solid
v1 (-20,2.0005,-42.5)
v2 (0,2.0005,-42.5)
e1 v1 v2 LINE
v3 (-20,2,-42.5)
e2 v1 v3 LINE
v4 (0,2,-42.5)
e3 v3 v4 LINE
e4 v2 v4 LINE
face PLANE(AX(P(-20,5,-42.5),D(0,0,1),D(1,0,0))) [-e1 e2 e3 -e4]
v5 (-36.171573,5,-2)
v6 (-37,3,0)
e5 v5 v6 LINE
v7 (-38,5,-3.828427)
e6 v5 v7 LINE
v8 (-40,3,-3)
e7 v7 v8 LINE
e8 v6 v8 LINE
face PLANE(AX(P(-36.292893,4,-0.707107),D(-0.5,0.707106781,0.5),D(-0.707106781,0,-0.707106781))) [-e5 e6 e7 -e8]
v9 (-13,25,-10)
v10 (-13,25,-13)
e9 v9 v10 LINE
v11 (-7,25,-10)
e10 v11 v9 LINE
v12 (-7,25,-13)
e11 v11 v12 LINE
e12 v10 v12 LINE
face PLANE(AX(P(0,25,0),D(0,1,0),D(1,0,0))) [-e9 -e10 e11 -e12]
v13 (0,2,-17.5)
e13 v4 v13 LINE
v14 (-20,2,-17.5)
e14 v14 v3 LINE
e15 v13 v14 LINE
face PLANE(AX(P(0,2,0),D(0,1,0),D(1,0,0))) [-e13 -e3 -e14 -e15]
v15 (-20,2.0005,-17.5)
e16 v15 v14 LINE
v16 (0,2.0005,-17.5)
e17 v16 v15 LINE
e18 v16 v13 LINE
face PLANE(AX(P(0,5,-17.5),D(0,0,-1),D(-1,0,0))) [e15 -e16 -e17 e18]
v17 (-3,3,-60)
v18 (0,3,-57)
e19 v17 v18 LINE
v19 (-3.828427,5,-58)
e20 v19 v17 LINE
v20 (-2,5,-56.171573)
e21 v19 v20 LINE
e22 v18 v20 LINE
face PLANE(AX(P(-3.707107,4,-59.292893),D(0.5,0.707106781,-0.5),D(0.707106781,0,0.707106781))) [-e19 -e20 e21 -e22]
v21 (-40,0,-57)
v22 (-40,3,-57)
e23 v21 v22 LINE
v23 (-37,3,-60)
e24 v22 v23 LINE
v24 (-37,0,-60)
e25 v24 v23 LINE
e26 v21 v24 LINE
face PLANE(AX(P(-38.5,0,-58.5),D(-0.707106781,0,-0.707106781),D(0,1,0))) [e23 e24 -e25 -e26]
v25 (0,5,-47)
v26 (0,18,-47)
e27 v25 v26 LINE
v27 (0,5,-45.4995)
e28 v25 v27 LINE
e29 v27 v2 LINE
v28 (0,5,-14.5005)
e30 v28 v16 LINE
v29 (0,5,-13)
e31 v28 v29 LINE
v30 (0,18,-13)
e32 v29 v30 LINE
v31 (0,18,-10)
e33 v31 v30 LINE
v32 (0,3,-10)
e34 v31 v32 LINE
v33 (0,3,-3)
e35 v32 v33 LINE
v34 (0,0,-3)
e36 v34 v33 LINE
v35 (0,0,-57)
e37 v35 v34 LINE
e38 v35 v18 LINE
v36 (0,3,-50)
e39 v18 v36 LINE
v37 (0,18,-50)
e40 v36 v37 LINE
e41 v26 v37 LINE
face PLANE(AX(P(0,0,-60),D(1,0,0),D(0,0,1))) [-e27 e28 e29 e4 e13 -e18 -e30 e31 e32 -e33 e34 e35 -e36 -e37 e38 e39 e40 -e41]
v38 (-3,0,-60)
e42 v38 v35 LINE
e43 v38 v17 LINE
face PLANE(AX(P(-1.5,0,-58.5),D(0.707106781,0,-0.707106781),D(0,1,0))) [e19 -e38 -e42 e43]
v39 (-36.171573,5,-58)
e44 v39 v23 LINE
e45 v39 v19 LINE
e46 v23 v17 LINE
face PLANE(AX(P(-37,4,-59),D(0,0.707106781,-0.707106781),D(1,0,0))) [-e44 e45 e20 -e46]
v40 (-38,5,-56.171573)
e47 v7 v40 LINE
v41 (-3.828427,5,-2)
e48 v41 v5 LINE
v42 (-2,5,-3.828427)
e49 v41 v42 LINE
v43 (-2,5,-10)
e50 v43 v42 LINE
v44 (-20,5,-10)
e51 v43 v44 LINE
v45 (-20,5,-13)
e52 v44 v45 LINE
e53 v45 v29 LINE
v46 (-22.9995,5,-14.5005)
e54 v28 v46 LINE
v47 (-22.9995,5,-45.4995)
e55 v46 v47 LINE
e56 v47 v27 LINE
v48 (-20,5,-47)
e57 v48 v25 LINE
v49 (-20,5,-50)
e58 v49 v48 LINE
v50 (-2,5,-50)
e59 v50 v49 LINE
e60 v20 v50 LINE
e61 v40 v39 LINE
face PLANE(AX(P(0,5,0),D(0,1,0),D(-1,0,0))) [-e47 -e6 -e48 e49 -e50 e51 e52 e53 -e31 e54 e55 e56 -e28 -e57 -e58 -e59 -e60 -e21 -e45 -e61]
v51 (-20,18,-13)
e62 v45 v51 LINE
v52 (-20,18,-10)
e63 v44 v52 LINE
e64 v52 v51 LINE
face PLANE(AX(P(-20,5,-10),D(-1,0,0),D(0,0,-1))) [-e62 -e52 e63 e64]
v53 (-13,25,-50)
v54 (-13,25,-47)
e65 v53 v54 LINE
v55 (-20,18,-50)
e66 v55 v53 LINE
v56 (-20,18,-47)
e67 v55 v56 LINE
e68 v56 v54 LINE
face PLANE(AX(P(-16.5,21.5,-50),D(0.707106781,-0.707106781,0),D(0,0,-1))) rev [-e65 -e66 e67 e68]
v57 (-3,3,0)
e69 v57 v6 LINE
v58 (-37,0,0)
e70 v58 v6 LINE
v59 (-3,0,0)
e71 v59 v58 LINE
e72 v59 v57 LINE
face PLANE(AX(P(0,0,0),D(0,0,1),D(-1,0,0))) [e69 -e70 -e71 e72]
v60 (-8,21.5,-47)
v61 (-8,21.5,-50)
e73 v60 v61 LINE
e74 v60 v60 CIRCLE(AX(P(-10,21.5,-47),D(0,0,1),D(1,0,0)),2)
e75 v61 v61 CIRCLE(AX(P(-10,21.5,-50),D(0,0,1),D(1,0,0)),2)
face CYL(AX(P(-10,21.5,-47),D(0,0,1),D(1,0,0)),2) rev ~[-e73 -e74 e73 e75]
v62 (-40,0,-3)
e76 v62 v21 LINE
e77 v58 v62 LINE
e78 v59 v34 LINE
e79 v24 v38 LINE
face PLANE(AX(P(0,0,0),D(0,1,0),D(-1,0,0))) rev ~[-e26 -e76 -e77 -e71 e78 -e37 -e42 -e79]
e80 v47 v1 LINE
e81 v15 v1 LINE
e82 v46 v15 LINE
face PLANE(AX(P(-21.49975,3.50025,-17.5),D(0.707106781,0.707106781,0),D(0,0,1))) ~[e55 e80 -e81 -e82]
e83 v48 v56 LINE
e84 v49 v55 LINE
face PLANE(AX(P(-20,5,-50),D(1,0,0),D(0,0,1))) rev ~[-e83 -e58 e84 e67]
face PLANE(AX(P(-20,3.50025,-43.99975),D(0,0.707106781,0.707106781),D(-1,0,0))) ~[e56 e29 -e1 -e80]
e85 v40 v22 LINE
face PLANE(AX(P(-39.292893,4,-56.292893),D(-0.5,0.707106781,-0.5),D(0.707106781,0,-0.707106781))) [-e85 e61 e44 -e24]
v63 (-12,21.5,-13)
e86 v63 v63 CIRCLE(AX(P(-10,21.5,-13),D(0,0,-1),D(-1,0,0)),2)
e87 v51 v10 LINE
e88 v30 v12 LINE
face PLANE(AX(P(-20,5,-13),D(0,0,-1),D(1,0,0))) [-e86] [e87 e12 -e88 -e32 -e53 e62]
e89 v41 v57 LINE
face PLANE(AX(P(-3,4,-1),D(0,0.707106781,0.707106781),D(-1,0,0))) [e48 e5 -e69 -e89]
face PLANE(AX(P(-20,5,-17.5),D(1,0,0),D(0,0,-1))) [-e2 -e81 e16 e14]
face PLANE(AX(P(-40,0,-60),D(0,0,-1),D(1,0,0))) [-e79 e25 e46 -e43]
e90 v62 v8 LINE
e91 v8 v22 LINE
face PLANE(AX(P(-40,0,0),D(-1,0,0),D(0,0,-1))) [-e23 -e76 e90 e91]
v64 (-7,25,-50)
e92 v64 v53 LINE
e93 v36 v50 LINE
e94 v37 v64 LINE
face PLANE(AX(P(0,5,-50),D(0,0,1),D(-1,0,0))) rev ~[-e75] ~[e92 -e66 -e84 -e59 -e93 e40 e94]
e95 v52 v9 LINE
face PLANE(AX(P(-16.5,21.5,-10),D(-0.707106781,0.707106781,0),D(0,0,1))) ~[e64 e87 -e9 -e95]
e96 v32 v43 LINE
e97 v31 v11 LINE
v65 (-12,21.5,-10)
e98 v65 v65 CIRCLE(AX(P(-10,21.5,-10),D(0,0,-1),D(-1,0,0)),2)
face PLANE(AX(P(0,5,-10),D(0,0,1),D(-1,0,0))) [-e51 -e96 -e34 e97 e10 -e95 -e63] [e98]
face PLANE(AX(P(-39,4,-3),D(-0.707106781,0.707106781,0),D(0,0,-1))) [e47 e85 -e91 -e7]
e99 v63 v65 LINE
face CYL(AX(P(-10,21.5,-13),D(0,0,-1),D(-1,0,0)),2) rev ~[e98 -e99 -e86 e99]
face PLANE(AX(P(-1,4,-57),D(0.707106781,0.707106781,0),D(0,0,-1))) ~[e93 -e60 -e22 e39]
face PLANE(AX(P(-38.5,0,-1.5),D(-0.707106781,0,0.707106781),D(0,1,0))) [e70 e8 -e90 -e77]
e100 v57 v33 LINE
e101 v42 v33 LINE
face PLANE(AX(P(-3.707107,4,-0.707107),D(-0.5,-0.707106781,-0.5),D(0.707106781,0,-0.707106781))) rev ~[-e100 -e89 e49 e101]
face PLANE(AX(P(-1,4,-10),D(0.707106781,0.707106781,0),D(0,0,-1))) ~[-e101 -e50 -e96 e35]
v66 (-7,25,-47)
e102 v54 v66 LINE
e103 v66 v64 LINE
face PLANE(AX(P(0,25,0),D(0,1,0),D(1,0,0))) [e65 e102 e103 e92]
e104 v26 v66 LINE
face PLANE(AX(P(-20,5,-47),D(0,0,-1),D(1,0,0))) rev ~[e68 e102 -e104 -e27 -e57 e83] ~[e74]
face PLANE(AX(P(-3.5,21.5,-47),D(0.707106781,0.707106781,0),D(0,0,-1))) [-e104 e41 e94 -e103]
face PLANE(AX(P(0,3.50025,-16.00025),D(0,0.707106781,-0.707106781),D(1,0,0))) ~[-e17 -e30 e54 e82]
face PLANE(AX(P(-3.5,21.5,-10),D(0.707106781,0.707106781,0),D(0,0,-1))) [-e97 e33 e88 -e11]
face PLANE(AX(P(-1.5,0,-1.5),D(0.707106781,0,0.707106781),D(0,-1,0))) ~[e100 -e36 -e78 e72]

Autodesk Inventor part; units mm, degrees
ref_plane "YZ Plane" through (0, 0, 0) normal (1, 0, 0) x (0, 1, 0)
ref_plane "XZ Plane" through (0, 0, 0) normal (0, 1, 0) x (-1, 0, 0)
ref_plane "XY Plane" through (0, 0, 0) normal (0, 0, 1) x (1, 0, 0)
sketch "Esboço1" plane through (0, 0, 0) normal (0, 1, 0) x (-1, 0, 0)
  line L0 (0, 0) -> (40, 0)
  line L1 (40, 0) -> (40, -60)
  line L2 (40, -60) -> (0, -60)
  line L3 (0, -60) -> (0, 0)
  dimension "d0" = 40
  dimension "d1" = 60
extrude "Extrusão1" add sketch "Esboço1" along normal blind 5
chamfer "Chanfro1" distance 3 angle 45 4 edges at (0, 2.5, 0) (-40, 2.5, 0) (0, 2.5, -60) (-40, 2.5, -60)
sketch "Esboço2" plane through (0, 5, 0) normal (0, 1, 0) x (1, 0, 0)
  line L0 (-3, 60) -> (-37, 60) construction
  line L1 (-20, 60) -> (-20, 0) construction
  line L2 (-20, 30) -> (0, 30) construction
  line L3 (-3, 30) -> (-3, 50) construction
  line L4 (-3, 30) -> (-3, 10) construction
  line L5 (0, 3) -> (0, 57) projected
  line L6 (0, 10) -> (-20, 10)
  line L7 (-20, 10) -> (-20, 13)
  line L8 (-20, 13) -> (0, 13)
  line L9 (0, 13) -> (0, 10)
  line L10 (0, 50) -> (-20, 50)
  line L11 (-20, 50) -> (-20, 47)
  line L12 (-20, 47) -> (0, 47)
  line L13 (0, 47) -> (0, 50)
  point P0 (0, 0)
  dimension "d7" = 20
  dimension "d8" = 20
  dimension "d9" = 3
  dimension "d10" = 3
extrude "Extrusão2" add sketch "Esboço2" along normal blind 20
chamfer "Chanfro2" distance 7 angle 45 4 edges at (-20, 25, -11.5) (0, 25, -11.5) (0, 25, -48.5) (-20, 25, -48.5)
sketch "Esboço3" plane through (0, 5, -13) normal (0, 0, -1) x (-1, 0, 0)
  line L0 (0, 13) -> (20, 13) construction
  line L1 (0, 13) -> (20, 13) construction
  line L2 (10, 13) -> (10, 20) construction
  line L3 (13, 20) -> (7, 20) construction
  circle A0 centre (10, 16.5) radius 2
  point P0 (0, -5)
  dimension "d16" = 4
extrude "Extrusão3" cut sketch "Esboço3" against normal blind 20
sketch "Esboço4" plane through (-20, 5, -47) normal (0, 0, 1) x (1, 0, 0)
  line L0 (0, 0) -> (0, 13) construction
  line L1 (20, 0) -> (20, 13) construction
  line L2 (0, 13) -> (20, 13) construction
  line L3 (20, 13) -> (10, 13) construction
  line L4 (10, 13) -> (10, 20) construction
  line L5 (13, 20) -> (7, 20) construction
  circle A0 centre (10, 16.5) radius 2
  point P0 (20, -5)
  dimension "d19" = 4
extrude "Extrusão4" cut sketch "Esboço4" against normal blind 666
chamfer "Chanfro3" distance 2 angle 45 9 edges at (-20, 5, -60) (-38.5, 5, -58.5) (-40, 5, -30) (-38.5, 5, -1.5) (-20, 5, 0) (-1.5, 5, -1.5) (0, 5, -6.5) (0, 5, -53.5) (-1.5, 5, -58.5)
sketch "Esboço5" plane through (0, 5, 0) normal (0, 1, 0) x (1, 0, 0)
  line L0 (0, 57) -> (0, 3) projected
  line L1 (0, 17.5) -> (-20, 17.5)
  line L2 (-20, 17.5) -> (-20, 42.5)
  line L3 (-20, 42.5) -> (0, 42.5)
  line L4 (0, 42.5) -> (0, 17.5)
  line L5 (-7, 13) -> (-13, 13) projected
  point P0 (0, 0)
  dimension "d25" = 20
  dimension "d26" = 25
  dimension "d27" = 4.5
extrude "Extrusão5" cut sketch "Esboço5" against normal blind 3
chamfer "Chanfro4" distance 3 angle 45 3 edges at (-20, 5, -30) (-10, 5, -42.5) (-10, 5, -17.5)
properties part number "Pezotta"
